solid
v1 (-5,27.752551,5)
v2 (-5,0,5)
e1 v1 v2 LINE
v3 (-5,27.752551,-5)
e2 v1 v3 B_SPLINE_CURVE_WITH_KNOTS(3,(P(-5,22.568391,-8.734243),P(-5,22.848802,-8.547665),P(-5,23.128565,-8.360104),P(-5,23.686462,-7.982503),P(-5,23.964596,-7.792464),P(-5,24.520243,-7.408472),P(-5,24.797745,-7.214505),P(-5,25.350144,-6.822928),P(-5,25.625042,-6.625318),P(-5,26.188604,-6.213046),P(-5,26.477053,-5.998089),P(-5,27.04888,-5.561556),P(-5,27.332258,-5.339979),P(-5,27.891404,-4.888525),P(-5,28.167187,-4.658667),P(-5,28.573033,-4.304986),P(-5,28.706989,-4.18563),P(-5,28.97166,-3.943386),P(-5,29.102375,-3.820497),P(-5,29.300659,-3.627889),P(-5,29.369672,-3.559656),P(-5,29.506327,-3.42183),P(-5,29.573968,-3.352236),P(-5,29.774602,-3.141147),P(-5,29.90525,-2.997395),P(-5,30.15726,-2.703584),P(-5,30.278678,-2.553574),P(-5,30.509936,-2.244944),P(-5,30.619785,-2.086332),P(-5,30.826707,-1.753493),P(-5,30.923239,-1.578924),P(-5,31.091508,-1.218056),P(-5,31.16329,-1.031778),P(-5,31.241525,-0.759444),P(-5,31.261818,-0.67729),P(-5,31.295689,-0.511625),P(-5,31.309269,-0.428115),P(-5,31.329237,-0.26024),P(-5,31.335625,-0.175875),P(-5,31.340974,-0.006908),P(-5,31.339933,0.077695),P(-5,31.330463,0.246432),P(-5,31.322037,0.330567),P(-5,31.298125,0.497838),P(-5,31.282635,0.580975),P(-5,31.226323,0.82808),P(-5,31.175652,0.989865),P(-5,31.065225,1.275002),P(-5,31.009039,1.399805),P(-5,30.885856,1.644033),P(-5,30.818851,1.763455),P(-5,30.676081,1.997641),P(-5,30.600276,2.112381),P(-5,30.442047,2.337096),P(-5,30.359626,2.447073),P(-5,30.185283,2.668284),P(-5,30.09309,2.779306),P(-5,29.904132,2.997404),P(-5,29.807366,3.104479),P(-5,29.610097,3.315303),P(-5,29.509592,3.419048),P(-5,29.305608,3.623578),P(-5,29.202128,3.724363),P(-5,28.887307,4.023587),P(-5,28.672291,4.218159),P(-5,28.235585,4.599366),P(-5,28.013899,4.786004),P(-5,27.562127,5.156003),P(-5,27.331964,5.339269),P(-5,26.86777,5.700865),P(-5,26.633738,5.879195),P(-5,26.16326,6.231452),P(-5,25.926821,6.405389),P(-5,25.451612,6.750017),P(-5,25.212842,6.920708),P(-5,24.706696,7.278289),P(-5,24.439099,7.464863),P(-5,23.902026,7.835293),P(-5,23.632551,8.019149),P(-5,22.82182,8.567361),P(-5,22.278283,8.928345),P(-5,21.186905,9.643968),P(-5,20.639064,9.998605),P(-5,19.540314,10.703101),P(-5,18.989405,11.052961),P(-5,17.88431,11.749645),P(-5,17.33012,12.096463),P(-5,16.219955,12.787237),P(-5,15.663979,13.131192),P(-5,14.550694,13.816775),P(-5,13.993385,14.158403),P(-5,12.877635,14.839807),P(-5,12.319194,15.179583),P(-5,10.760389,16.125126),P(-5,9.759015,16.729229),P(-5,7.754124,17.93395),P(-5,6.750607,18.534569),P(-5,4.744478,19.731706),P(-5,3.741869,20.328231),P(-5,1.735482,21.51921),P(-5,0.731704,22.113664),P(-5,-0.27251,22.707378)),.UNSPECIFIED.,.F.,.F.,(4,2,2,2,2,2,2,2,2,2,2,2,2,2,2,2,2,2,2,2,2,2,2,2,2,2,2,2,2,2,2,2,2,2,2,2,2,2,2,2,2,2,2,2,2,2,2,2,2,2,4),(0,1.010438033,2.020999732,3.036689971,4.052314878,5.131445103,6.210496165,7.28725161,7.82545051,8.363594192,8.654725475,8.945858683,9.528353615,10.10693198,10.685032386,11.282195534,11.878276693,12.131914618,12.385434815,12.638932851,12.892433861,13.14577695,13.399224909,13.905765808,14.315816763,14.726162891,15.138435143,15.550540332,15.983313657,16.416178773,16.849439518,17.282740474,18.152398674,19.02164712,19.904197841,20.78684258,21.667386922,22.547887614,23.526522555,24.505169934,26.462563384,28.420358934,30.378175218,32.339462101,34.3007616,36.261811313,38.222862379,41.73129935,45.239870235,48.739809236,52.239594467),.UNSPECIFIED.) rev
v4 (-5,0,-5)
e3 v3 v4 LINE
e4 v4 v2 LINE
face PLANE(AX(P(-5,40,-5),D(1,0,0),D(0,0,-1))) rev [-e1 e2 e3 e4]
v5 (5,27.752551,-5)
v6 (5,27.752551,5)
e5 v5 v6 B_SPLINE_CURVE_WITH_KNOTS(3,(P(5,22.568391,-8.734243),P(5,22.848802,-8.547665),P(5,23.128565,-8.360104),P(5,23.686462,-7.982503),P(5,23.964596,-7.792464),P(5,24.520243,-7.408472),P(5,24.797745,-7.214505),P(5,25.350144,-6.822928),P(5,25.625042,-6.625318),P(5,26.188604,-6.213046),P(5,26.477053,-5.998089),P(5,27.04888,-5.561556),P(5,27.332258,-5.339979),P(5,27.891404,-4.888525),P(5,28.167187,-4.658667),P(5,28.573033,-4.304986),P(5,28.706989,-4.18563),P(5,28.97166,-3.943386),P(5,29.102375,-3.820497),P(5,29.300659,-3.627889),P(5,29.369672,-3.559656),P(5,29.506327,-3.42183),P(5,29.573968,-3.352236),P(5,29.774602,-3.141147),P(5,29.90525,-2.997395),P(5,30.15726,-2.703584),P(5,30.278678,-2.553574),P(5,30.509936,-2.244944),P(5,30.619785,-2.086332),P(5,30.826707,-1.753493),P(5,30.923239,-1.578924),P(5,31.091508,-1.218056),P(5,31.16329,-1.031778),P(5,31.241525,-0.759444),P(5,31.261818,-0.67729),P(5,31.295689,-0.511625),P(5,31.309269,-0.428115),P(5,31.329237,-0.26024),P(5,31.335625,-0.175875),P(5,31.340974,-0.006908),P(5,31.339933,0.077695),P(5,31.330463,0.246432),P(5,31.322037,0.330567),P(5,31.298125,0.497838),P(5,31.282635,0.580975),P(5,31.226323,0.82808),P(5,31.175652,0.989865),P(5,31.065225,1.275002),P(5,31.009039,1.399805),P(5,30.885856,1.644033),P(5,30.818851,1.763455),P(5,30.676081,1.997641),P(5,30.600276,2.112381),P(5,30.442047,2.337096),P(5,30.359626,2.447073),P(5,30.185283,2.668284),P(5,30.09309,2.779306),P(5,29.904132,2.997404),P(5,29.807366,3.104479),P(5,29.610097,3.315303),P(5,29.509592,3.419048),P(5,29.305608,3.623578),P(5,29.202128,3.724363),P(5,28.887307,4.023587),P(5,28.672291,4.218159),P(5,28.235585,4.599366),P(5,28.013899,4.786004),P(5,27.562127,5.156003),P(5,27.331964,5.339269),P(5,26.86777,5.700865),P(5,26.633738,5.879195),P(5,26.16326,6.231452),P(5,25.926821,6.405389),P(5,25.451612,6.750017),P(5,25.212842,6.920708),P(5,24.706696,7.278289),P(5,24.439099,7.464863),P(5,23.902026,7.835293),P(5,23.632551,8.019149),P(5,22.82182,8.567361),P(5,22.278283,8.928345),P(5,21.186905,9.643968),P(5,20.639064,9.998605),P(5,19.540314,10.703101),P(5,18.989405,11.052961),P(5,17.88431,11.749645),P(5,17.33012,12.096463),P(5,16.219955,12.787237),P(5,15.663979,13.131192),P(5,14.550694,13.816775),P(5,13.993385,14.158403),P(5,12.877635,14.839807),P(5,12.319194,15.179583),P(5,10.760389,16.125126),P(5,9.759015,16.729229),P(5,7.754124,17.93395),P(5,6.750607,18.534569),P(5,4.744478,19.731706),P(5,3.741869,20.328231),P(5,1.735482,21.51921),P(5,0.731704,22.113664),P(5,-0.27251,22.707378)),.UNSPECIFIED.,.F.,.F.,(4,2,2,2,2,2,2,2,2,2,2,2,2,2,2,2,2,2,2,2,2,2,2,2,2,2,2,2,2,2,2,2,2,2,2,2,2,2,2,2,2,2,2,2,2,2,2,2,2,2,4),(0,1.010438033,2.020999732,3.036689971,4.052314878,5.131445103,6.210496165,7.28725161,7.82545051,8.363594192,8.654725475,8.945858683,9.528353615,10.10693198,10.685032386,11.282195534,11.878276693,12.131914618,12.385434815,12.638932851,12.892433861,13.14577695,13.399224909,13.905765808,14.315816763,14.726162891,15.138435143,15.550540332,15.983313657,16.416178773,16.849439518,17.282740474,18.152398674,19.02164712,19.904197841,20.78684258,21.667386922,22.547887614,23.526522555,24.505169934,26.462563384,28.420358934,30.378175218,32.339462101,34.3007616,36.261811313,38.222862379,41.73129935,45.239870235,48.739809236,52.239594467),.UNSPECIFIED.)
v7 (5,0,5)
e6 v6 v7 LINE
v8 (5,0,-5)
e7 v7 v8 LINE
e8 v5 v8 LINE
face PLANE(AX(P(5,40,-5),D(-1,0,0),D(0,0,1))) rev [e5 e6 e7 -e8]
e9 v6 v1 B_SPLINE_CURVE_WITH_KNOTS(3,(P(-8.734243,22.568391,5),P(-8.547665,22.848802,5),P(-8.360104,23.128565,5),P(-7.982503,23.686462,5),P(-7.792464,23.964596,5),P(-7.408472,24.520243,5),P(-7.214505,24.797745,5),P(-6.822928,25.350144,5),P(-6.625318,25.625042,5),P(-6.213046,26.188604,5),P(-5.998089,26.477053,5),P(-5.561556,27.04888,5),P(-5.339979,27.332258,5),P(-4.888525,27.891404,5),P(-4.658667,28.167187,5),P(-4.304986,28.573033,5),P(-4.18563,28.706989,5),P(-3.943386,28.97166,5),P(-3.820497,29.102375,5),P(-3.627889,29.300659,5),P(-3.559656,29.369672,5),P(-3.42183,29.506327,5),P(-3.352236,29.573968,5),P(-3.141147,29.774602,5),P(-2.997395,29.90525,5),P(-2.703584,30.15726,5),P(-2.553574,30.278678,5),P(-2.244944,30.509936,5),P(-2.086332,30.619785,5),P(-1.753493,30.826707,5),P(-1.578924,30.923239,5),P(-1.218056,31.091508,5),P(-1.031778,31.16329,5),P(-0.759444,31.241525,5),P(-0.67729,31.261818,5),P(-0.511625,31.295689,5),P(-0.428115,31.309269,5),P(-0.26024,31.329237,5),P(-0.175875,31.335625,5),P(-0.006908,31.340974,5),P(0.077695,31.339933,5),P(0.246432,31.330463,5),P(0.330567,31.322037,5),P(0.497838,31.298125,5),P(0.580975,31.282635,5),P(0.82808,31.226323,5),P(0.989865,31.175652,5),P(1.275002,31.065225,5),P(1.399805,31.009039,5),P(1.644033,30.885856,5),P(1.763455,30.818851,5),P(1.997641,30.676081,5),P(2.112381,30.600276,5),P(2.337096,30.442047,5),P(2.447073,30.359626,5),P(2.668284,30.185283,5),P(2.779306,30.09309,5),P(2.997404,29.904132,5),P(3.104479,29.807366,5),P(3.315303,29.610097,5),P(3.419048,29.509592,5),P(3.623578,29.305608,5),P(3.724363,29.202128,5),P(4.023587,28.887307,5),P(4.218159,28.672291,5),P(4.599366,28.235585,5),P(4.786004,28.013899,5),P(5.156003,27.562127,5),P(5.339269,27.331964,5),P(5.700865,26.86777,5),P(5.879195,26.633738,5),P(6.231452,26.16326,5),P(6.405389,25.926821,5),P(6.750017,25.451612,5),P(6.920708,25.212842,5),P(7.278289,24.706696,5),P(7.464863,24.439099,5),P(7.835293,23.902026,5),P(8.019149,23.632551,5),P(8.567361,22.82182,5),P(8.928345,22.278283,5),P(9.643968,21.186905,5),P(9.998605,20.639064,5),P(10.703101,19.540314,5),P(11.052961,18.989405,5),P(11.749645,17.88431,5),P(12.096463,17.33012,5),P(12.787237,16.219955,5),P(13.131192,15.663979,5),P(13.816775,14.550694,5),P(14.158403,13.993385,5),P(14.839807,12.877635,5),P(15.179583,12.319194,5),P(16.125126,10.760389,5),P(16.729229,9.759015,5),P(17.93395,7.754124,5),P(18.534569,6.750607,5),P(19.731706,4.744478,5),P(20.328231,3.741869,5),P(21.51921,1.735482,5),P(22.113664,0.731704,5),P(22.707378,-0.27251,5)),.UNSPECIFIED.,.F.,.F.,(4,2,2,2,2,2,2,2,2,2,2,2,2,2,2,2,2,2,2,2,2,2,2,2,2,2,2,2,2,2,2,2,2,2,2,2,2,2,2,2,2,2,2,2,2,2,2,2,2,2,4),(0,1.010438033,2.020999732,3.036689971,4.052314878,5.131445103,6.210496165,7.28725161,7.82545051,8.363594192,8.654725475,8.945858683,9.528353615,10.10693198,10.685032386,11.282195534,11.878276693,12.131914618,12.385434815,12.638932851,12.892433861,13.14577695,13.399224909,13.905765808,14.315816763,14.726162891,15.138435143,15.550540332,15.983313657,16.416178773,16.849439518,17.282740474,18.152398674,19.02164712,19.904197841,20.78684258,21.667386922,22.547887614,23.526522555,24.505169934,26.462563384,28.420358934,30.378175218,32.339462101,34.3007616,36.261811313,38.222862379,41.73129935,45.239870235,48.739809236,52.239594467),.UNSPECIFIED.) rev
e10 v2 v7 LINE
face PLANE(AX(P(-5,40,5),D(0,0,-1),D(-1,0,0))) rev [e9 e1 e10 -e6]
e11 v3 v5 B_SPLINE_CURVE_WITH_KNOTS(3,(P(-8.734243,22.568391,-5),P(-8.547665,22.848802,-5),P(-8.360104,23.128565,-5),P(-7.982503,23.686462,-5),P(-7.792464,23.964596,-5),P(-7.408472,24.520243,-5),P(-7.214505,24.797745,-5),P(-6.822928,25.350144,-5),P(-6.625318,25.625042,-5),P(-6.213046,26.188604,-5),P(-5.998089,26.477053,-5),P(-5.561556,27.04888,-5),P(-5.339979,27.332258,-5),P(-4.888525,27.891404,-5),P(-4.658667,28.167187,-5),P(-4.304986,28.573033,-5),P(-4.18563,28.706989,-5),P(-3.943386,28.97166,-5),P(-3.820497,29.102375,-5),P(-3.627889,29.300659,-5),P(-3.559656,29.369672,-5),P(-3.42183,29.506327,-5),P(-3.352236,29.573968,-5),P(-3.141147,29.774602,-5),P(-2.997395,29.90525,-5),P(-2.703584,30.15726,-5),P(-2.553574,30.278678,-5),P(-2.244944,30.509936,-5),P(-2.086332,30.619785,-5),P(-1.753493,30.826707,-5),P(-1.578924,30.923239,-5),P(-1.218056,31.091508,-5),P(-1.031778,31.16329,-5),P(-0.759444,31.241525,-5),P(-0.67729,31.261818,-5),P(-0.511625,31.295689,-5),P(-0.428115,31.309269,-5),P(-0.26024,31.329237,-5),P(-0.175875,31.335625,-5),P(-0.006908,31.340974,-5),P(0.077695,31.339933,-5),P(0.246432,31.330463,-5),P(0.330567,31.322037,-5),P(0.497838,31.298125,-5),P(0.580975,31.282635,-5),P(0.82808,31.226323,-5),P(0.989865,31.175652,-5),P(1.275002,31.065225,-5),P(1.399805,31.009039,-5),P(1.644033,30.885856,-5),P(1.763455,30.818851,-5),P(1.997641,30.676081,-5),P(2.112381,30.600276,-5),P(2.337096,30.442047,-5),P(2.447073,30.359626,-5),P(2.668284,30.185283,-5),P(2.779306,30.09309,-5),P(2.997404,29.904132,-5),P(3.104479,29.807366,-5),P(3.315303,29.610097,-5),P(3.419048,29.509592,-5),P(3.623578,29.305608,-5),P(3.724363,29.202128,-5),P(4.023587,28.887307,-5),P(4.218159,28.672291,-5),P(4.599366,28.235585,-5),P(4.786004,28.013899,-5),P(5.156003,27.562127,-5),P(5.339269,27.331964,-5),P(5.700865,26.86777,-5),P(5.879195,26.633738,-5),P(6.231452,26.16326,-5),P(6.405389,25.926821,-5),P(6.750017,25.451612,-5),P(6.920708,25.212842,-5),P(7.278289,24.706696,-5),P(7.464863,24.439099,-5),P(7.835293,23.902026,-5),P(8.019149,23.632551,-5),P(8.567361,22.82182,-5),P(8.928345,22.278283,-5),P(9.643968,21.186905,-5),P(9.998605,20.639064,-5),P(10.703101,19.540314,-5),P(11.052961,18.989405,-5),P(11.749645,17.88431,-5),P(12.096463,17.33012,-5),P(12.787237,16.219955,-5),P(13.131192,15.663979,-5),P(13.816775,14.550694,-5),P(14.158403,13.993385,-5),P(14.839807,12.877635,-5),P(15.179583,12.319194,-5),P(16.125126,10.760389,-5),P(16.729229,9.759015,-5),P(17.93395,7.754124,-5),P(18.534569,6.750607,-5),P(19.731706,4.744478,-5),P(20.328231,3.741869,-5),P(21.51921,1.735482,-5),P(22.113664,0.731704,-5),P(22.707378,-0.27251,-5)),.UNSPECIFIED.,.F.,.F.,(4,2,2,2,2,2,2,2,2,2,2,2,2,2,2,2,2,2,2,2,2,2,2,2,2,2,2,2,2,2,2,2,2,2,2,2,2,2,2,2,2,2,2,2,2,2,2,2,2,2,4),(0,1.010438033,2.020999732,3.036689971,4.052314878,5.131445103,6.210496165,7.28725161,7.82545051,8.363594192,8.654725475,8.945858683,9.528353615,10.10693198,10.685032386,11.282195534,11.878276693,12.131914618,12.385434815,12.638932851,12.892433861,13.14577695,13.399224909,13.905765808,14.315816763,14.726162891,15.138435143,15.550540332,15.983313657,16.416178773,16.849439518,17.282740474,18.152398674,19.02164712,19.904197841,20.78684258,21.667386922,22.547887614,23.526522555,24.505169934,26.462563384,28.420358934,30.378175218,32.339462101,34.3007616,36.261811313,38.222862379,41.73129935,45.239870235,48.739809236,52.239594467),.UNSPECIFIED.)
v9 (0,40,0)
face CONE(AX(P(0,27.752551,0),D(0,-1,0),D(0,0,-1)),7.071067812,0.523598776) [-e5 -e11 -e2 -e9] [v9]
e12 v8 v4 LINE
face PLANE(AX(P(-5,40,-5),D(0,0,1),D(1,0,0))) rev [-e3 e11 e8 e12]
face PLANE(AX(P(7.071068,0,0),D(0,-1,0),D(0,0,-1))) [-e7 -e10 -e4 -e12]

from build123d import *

# Parameters (mm, degrees)
SKETCH5_OUTSIDE_W   = 25.086
SKETCH5_OUTSIDE_H   = 25.086
SKETCH5_OUTSIDE_W_2 = 10
SKETCH5_OUTSIDE_H_2 = 10
EXTRUDE2_DEPTH      = 41


with BuildPart() as part:
    # Sketch4 → Revolve1 (revolve)
    with BuildSketch(Plane.XY, mode=Mode.PRIVATE) as revolve1_sk:
        Polygon((0, 0), (0, 40), (7.071067812, 27.752551286), (7.071067812, 0), align=None)
    revolve(revolve1_sk.sketch.rotate(Axis((0, 0, 0), (0, 1, 0)), 90), axis=Axis((0, 0, 0), (0, 1, 0)))  # turned: the seam where the file's is

    # Sketch5 outside → Extrude2 (cut, through all)
    with BuildSketch(Plane(origin=(0, 0, 0), x_dir=(1, 0, 0), z_dir=(0, 1, 0))):
        Rectangle(SKETCH5_OUTSIDE_W, SKETCH5_OUTSIDE_H)
        Rectangle(SKETCH5_OUTSIDE_W_2, SKETCH5_OUTSIDE_H_2, mode=Mode.SUBTRACT)
    extrude(amount=EXTRUDE2_DEPTH, mode=Mode.SUBTRACT)


solid = part.part
